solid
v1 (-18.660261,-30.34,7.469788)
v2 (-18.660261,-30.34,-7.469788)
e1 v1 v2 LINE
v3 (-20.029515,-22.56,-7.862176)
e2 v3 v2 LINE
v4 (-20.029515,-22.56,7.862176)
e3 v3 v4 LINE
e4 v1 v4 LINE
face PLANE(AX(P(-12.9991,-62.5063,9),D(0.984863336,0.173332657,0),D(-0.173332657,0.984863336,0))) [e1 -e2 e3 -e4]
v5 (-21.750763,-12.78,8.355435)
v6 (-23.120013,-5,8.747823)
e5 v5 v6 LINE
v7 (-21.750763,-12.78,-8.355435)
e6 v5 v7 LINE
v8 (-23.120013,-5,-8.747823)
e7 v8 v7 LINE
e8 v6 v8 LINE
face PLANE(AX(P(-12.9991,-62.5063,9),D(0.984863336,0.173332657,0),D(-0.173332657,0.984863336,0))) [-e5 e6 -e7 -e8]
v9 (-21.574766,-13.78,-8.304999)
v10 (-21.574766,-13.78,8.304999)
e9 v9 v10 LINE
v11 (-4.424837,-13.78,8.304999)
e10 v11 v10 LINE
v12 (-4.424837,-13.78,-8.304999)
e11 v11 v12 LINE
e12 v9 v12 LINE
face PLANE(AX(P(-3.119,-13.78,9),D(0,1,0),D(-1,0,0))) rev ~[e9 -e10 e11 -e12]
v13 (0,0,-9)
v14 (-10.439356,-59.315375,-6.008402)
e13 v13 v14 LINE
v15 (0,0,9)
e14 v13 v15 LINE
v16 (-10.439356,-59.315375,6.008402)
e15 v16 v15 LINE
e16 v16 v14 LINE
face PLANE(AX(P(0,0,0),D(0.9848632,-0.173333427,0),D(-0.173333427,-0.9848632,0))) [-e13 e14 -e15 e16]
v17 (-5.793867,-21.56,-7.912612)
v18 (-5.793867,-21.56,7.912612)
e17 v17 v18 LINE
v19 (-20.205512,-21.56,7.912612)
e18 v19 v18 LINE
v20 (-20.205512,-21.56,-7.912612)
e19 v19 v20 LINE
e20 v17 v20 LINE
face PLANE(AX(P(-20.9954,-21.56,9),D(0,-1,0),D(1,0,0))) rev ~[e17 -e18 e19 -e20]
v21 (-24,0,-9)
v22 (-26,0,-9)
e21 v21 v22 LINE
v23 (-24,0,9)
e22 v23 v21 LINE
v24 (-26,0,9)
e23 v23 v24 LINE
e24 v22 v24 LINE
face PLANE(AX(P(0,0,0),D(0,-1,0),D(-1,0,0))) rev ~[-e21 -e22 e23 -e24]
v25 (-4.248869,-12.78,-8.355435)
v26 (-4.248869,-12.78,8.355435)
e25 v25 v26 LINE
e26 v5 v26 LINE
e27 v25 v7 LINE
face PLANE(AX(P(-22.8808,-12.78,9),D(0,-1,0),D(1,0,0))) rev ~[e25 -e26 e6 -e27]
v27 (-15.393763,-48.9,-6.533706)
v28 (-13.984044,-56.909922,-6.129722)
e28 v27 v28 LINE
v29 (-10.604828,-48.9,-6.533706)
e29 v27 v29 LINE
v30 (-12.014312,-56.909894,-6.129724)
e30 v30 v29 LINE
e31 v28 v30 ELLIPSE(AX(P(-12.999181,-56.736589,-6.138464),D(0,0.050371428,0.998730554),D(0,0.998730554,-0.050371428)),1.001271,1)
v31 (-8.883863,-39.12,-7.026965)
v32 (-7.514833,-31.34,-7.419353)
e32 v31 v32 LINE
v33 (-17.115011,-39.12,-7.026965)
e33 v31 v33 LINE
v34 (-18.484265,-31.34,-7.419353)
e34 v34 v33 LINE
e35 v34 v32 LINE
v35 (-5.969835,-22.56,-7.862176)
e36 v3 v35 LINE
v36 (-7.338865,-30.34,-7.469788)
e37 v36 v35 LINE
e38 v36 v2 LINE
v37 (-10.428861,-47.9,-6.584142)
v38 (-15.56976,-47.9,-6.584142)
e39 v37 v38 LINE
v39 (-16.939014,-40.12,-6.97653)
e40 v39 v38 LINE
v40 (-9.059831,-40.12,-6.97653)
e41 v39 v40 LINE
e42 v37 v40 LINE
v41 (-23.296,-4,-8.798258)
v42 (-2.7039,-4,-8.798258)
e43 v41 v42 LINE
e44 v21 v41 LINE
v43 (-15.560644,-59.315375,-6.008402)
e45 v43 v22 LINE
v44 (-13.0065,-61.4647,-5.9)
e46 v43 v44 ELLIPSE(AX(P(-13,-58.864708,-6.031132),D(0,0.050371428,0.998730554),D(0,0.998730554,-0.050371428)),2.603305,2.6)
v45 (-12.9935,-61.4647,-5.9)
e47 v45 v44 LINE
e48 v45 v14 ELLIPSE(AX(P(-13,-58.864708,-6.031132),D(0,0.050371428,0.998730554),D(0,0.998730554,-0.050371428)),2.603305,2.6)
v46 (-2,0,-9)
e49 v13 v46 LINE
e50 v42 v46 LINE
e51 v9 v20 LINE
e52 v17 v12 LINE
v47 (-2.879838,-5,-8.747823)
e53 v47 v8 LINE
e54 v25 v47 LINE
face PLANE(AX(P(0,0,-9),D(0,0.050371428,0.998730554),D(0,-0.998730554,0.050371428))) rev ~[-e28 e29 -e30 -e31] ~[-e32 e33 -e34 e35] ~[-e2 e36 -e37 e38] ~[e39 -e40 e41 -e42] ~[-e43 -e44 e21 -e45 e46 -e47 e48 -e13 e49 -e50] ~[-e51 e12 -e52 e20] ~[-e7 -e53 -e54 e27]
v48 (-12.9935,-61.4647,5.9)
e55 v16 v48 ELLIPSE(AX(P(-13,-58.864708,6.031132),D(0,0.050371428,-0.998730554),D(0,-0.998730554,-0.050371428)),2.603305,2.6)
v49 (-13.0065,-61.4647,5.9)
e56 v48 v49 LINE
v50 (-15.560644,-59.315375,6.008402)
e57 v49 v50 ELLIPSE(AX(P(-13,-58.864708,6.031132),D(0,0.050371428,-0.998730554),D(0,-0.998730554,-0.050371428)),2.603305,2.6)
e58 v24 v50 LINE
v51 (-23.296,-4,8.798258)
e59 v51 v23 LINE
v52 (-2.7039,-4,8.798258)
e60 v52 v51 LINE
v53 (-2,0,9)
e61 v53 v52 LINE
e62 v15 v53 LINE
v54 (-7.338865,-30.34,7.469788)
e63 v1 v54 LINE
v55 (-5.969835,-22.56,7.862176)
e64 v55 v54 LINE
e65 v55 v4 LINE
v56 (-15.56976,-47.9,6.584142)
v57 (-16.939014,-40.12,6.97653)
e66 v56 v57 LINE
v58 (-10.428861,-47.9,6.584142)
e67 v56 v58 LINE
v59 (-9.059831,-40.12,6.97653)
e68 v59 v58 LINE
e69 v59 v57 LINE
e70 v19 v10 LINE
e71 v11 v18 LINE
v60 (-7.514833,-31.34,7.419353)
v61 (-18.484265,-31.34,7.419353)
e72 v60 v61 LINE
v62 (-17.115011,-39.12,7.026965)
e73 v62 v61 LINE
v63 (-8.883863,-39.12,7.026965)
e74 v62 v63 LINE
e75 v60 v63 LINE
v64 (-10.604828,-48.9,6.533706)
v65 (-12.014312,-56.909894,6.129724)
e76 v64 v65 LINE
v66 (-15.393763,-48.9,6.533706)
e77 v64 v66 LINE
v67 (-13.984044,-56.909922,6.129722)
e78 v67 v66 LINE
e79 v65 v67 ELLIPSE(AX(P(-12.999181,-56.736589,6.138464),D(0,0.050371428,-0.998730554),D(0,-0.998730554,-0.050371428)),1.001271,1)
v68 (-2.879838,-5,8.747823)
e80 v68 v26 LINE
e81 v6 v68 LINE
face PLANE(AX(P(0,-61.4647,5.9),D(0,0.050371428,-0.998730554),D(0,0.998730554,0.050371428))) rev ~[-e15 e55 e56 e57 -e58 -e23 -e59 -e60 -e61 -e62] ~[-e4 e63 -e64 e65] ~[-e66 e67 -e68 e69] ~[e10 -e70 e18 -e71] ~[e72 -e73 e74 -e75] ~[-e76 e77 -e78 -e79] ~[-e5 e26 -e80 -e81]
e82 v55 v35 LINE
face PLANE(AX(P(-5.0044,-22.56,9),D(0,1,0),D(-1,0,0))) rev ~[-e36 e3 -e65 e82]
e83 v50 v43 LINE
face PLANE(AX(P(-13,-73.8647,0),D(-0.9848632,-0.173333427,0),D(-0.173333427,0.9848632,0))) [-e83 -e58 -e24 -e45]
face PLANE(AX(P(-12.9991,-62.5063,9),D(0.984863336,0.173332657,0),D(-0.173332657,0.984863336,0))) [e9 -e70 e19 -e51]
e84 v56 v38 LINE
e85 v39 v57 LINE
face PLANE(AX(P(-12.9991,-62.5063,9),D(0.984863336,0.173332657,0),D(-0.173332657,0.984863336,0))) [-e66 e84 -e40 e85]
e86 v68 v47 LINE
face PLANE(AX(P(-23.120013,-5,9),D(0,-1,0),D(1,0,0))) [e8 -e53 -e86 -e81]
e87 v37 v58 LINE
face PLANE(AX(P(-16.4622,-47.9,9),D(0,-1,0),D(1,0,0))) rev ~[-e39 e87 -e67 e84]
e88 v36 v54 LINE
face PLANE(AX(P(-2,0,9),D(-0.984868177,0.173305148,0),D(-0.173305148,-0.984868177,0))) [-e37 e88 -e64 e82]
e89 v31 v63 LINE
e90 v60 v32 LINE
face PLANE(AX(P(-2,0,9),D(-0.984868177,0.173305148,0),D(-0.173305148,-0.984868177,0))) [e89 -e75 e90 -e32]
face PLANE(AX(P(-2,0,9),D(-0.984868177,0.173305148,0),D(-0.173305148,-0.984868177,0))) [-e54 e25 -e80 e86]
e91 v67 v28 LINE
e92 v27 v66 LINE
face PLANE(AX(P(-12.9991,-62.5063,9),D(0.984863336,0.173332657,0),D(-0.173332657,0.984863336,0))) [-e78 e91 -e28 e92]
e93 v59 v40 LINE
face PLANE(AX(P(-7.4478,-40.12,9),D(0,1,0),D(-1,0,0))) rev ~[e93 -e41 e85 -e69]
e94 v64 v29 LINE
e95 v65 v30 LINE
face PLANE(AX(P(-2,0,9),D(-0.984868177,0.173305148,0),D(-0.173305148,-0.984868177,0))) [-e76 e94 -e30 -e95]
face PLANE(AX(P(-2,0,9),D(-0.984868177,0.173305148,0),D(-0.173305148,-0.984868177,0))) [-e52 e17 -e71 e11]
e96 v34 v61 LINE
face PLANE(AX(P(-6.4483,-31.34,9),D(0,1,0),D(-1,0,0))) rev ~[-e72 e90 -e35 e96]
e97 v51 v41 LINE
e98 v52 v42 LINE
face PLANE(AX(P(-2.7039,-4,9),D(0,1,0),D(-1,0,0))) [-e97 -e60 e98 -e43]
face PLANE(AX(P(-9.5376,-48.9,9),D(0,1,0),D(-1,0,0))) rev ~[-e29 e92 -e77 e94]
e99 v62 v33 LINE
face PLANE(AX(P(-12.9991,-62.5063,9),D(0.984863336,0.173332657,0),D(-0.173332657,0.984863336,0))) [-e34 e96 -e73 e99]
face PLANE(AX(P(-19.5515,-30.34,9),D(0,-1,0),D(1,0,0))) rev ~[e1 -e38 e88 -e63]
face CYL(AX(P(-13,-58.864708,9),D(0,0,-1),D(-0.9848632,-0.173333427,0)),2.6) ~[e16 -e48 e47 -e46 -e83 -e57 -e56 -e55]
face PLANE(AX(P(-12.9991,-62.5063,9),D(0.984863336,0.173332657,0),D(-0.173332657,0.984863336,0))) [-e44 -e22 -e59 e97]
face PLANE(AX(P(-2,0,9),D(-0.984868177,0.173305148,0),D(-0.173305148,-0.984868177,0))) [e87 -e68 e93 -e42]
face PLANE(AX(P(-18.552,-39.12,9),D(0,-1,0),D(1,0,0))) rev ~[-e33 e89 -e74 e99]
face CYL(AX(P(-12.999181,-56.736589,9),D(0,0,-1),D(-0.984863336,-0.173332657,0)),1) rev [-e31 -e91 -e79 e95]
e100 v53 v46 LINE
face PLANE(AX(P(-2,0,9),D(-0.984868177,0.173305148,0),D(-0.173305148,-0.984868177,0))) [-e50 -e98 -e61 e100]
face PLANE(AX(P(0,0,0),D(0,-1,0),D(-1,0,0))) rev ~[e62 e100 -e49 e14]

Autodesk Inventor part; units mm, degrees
ref_plane "YZ Plane" through (0, 0, 0) normal (1, 0, 0) x (0, 1, 0)
ref_plane "XZ Plane" through (0, 0, 0) normal (0, 1, 0) x (-1, 0, 0)
ref_plane "XY Plane" through (0, 0, 0) normal (0, 0, 1) x (1, 0, 0)
sketch "スケッチ1" plane through (0, 0, 0) normal (0, 0, 1) x (1, 0, 0)
  line L0 (0, 0) -> (-26, 0)
  line L1 (0, 0) -> (-13, -73.8647)
  line L2 (-13, -73.8647) -> (-26, 0)
  dimension "d0" = 26
  dimension "d1" = 75
extrude "押し出し1" add sketch "スケッチ1" along normal mid plane 18
sketch "スケッチ2" plane through (0, 0, 9) normal (0, 0, 1) x (1, 0, 0)
  line L0 (-26, 0) -> (0, 0) projected
  line L1 (-2, 0) -> (-24, 0)
  line L2 (-2, 0) -> (-12.9991, -62.5063)
  line L3 (-2, 0) -> (61.4667, 0) construction
  line L4 (-12.9991, -62.5063) -> (-24, 0)
  line L5 (-13, -73.8647) -> (-26, 0) projected
  point P0 (-15.5606, -59.3154)
  dimension "d5" = 22
  dimension "d6" = 99.98
extrude "押し出し2" cut sketch "スケッチ2" against normal blind 20
fillet "フィレット2" radius 1 1 edges at (-12.9991, -62.5063, 0)
fillet "フィレット3" radius 2.6 1 edges at (-13, -73.8647, 0)
sketch "スケッチ3" plane through (0, 0, 9) normal (0, 0, 1) x (1, 0, 0)
  line L0 (-12.0143, -56.9099) -> (-2, 0) projected
  line L1 (-2.7039, -4) -> (-23.296, -4)
  line L2 (-13.984, -56.9099) -> (-24, 0) projected
  line L3 (-23.296, -4) -> (-23.296, -5)
  line L4 (-23.296, -5) -> (-2.7039, -5)
  line L5 (-2.7039, -5) -> (-2.7039, -4)
  point P0 (0, 0)
  point P1 (-23.12, -5)
  point P2 (-2.8798, -5)
  dimension "d11" = 1
extrude "押し出し3" add sketch "スケッチ3" against normal blind 18 contours L4 L2 L1 L0
sketch "スケッチ4" plane through (0, 0, 9) normal (0, 0, 1) x (1, 0, 0)
  line L0 (-3.119, -13.78) -> (-22.8808, -13.78)
  line L1 (-22.8808, -13.78) -> (-22.8808, -12.78)
  line L2 (-22.8808, -12.78) -> (-3.119, -12.78)
  line L3 (-3.119, -12.78) -> (-3.119, -13.78)
  line L4 (-3.119, -13.78) -> (-22.8808, -12.78) construction
  line L5 (-22.8808, -13.78) -> (-3.119, -12.78) construction
  line L6 (-5.0044, -22.56) -> (-20.9954, -22.56)
  line L7 (-20.9954, -22.56) -> (-20.9954, -21.56)
  line L8 (-20.9954, -21.56) -> (-5.0044, -21.56)
  line L9 (-5.0044, -21.56) -> (-5.0044, -22.56)
  line L10 (-5.0044, -22.56) -> (-20.9954, -21.56) construction
  line L11 (-20.9954, -22.56) -> (-5.0044, -21.56) construction
  line L12 (-6.4483, -31.34) -> (-19.5515, -31.34)
  line L13 (-19.5515, -31.34) -> (-19.5515, -30.34)
  line L14 (-19.5515, -30.34) -> (-6.4483, -30.34)
  line L15 (-6.4483, -30.34) -> (-6.4483, -31.34)
  line L16 (-6.4483, -31.34) -> (-19.5515, -30.34) construction
  line L17 (-19.5515, -31.34) -> (-6.4483, -30.34) construction
  line L18 (-7.4478, -40.12) -> (-18.552, -40.12)
  line L19 (-18.552, -40.12) -> (-18.552, -39.12)
  line L20 (-18.552, -39.12) -> (-7.4478, -39.12)
  line L21 (-7.4478, -39.12) -> (-7.4478, -40.12)
  line L22 (-7.4478, -40.12) -> (-18.552, -39.12) construction
  line L23 (-18.552, -40.12) -> (-7.4478, -39.12) construction
  line L24 (-9.5376, -48.9) -> (-16.4622, -48.9)
  line L25 (-16.4622, -48.9) -> (-16.4622, -47.9)
  line L26 (-16.4622, -47.9) -> (-9.5376, -47.9)
  line L27 (-9.5376, -47.9) -> (-9.5376, -48.9)
  line L28 (-9.5376, -48.9) -> (-16.4622, -47.9) construction
  line L29 (-16.4622, -48.9) -> (-9.5376, -47.9) construction
  point P0 (0, 0)
  point P1 (-12.9999, -13.28)
  point P2 (-12.9999, -22.06)
  point P3 (-12.9999, -30.84)
  point P4 (-12.9999, -39.62)
  point P5 (-12.9999, -48.4)
  dimension "d14" = 1
  dimension "d15" = 1
  dimension "d16" = 1
  dimension "d17" = 1
  dimension "d18" = 1
extrude "押し出し4" add sketch "スケッチ4" against normal blind 18
sketch "スケッチ5" plane through (0, 0, 0) normal (1, 0, 0) x (0, 1, 0)
  line L0 (-61.4647, -9) -> (-61.4647, 9) projected
  line L1 (-61.4647, 5.9) -> (-61.4647, 9)
  line L2 (0, 9) -> (-59.3154, 9) projected
  line L3 (-61.4647, 5.9) -> (0, 9)
  line L4 (0, 9) -> (-61.4647, 9)
  line L5 (-59.3154, -9) -> (-61.4647, -9) projected
  line L6 (-61.4647, -5.9) -> (-61.4647, -9)
  line L7 (-61.4647, -9) -> (0, -9)
  line L8 (0, -9) -> (-61.4647, -5.9)
  point P0 (0, 0)
extrude "押し出し5" cut sketch "スケッチ5" against normal blind 30
properties part number "finley_gripper_60"
